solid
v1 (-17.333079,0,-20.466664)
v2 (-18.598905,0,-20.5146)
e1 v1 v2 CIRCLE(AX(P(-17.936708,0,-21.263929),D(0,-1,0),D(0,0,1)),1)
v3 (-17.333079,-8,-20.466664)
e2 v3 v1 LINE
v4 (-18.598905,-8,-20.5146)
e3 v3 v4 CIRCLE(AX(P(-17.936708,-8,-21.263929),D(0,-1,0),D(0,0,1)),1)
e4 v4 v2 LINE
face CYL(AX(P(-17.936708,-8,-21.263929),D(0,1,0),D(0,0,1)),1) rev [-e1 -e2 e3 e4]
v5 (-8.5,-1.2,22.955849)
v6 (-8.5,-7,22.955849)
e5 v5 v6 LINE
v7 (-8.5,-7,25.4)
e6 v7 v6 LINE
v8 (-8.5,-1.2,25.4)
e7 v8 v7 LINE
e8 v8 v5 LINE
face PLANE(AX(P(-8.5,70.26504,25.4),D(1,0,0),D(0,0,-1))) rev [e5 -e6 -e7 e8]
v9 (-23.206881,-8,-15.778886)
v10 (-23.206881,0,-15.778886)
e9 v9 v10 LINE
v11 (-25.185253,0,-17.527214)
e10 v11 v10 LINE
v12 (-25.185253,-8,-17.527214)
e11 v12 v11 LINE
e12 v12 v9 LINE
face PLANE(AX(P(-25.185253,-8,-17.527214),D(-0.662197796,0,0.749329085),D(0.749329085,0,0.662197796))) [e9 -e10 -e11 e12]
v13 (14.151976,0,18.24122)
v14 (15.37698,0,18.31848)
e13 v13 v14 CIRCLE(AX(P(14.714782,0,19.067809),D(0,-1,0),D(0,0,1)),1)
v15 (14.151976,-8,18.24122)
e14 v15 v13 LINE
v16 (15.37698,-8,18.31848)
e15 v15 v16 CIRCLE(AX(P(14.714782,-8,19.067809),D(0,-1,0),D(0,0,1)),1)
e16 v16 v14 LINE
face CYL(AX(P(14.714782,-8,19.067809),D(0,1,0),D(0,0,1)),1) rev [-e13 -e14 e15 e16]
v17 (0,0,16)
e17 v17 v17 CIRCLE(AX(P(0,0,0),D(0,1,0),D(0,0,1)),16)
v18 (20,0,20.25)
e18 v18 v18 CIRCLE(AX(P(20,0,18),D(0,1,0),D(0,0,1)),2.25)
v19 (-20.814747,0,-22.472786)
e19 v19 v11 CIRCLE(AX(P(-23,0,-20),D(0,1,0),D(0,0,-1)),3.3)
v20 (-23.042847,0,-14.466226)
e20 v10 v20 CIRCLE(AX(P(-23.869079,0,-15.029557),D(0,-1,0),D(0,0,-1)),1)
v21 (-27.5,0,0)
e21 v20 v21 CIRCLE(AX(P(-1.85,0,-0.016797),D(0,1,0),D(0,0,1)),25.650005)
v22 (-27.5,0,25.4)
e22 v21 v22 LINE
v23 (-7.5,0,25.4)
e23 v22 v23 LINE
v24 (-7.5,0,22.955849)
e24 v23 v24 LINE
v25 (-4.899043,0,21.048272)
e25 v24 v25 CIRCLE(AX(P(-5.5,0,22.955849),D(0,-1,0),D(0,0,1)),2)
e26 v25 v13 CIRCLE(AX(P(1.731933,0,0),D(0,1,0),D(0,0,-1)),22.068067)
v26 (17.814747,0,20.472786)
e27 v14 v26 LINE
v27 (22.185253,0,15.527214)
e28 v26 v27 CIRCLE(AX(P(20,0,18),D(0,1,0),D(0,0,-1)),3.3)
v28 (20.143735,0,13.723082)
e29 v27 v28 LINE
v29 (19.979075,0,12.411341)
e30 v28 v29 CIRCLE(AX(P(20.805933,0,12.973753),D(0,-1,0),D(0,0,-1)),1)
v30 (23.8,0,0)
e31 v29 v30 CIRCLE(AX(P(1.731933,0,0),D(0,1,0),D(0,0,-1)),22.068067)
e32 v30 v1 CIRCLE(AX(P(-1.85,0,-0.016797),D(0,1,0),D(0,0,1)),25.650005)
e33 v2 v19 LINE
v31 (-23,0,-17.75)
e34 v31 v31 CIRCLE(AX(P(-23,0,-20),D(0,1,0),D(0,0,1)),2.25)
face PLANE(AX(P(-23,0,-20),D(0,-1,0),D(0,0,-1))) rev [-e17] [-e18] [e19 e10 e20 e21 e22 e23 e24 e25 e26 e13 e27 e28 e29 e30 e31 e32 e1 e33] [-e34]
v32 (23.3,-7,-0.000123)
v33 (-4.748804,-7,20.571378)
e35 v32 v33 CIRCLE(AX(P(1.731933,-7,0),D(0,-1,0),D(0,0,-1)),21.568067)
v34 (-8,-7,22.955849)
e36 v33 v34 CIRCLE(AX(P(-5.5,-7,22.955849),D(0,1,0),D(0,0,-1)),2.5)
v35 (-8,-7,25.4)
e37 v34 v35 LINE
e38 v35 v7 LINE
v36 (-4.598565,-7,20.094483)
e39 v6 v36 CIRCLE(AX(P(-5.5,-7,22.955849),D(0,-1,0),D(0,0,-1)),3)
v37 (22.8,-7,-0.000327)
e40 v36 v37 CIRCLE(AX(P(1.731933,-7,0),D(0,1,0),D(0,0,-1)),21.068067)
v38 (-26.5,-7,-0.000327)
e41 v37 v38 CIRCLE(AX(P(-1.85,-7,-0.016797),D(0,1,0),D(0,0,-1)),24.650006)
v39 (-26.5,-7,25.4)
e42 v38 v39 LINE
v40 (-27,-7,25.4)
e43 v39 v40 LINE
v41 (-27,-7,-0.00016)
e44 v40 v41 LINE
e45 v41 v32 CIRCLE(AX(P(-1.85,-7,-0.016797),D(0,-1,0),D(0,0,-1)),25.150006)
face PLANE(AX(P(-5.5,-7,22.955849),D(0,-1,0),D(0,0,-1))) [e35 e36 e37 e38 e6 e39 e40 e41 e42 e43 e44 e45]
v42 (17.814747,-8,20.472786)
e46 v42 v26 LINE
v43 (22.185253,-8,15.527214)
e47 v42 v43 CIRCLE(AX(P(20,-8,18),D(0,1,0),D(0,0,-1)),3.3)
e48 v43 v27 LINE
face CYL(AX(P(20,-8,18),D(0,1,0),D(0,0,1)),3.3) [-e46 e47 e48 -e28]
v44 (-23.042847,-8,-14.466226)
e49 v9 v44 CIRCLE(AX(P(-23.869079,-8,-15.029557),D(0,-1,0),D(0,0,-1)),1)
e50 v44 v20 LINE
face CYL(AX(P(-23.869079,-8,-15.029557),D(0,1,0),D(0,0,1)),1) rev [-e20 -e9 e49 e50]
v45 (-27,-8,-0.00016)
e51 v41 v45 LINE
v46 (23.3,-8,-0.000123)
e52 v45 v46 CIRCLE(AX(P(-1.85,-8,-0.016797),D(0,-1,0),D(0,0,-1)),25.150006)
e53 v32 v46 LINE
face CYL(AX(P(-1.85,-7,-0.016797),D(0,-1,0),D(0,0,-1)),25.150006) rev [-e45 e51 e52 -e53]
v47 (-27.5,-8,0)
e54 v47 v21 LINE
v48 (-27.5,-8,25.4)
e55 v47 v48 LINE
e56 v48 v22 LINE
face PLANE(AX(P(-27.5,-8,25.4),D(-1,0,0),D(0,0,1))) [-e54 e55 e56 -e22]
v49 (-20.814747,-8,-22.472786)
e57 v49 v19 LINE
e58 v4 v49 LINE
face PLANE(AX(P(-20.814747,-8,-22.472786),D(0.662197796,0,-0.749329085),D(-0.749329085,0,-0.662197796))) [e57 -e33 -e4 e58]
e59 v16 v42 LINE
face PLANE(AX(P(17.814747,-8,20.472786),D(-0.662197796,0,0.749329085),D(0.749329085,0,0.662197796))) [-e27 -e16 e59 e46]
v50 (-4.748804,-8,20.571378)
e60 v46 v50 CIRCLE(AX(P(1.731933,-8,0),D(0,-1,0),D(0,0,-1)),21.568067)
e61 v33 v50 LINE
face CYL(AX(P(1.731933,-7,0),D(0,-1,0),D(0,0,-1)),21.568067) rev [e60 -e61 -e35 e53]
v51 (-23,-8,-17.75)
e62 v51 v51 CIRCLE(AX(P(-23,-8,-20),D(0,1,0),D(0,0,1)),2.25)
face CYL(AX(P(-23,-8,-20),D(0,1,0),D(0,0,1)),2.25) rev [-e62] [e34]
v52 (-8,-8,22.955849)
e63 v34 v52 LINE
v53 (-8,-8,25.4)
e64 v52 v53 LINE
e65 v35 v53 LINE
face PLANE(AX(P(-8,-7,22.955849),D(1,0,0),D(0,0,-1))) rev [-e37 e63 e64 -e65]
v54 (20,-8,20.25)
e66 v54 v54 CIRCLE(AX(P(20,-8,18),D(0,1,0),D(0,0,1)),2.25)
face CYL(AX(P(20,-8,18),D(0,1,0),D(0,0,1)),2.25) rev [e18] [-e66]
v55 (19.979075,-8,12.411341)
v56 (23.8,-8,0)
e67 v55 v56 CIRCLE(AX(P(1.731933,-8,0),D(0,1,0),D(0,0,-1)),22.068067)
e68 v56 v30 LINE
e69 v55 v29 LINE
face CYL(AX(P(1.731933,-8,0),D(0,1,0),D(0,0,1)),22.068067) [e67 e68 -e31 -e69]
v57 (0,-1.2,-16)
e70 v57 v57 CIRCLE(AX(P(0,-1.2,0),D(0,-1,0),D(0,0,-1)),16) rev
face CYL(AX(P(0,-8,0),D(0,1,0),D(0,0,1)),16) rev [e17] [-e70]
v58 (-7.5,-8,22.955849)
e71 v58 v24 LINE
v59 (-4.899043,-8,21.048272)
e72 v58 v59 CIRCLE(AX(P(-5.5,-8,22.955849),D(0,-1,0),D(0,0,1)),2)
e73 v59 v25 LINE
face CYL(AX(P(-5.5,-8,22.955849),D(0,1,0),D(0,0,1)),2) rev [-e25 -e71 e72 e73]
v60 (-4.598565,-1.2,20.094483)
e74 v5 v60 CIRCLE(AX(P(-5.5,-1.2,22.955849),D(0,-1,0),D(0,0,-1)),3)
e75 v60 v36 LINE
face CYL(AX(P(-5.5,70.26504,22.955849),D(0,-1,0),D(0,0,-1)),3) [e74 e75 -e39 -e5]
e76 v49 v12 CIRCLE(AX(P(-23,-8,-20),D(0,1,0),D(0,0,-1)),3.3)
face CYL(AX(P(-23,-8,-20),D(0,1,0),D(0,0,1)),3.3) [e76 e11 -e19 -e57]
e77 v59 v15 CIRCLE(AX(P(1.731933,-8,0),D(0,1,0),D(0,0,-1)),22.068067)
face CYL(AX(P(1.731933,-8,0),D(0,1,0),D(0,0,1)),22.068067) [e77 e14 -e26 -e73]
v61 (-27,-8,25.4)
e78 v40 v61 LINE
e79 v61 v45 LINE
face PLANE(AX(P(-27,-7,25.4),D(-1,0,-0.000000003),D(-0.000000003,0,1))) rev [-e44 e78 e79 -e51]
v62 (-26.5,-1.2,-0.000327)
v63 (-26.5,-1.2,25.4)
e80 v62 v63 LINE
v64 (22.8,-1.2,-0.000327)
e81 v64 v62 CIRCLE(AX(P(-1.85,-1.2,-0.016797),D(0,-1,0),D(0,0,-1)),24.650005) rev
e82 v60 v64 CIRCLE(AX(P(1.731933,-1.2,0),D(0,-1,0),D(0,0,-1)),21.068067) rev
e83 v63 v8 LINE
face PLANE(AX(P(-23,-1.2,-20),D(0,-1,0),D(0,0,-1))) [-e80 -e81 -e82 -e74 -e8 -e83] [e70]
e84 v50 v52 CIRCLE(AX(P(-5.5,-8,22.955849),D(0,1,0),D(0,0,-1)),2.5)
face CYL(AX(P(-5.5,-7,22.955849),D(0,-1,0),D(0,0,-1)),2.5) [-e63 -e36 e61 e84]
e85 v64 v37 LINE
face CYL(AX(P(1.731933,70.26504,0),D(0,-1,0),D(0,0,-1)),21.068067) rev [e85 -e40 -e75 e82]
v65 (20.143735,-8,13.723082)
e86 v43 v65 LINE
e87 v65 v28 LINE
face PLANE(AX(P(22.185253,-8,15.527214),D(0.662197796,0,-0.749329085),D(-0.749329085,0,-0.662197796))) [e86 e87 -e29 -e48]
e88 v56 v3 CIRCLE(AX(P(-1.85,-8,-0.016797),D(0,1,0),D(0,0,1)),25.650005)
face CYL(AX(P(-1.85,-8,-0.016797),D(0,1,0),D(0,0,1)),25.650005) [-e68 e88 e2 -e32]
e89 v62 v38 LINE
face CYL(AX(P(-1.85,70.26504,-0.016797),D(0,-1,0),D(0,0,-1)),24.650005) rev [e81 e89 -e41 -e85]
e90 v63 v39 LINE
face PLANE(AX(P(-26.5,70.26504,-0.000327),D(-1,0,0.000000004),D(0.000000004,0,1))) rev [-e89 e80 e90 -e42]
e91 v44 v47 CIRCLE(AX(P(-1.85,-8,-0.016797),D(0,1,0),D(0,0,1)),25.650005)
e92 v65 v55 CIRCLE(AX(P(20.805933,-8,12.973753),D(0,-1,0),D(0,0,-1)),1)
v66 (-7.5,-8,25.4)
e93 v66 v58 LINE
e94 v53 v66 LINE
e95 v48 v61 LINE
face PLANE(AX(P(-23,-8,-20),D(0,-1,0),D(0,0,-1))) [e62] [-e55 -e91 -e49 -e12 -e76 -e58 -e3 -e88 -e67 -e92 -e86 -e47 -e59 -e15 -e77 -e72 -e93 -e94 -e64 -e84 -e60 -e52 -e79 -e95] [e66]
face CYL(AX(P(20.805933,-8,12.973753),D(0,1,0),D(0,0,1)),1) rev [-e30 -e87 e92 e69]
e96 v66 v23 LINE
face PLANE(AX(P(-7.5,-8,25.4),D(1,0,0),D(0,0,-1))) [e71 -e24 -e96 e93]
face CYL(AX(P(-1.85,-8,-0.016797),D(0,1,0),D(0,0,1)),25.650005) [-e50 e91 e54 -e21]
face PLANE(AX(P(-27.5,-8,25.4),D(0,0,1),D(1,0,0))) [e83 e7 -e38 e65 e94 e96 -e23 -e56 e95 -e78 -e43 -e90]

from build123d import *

# Parameters (mm, degrees)
SKETCH_1_R          = 16
SKETCH_1_R_2        = 2.25
EXTRUDE_1_DEPTH     = 8
CUT_EXTRUDE_1_DEPTH = 6.8
CUT_EXTRUDE_8_DEPTH = 1


with BuildPart() as part:
    # Эскиз1 → Бобышка-Вытянуть1 (new body)
    with BuildSketch(Plane(origin=(0, 0, 0), x_dir=(1, 0, 0), z_dir=(0, 1, 0))):
        with BuildLine():
            Line((-27.5, -25.4), (-7.5, -25.4))
            Line((-7.5, -25.4), (-7.5, -22.955849111))
            ThreePointArc((-7.5, -22.955849111), (-6.68281162, -21.343100938), (-4.899043329, -21.048271831))
            ThreePointArc((-4.899043329, -21.048271831), (4.948796089, -21.832347138), (14.151976117, -18.241220202))
            ThreePointArc((14.151976117, -18.241220202), (14.777726241, -18.069792078), (15.376980036, -18.318480053))
            Line((15.376980036, -18.318480053), (17.814747272, -20.472785982))
            ThreePointArc((17.814747272, -20.472785982), (22.472785982, -20.185252728), (22.185252728, -15.527214018))
            Line((22.185252728, -15.527214018), (20.143734708, -13.723081814))
            ThreePointArc((20.143734708, -13.723081814), (19.813719174, -13.098302749), (19.979075206, -12.411340949))
            ThreePointArc((19.979075206, -12.411340949), (22.823148445, -6.493089604), (23.8, 0))
            ThreePointArc((23.8, 0), (9.576401492, 22.98111988), (-17.333078903, 20.466663618))
            ThreePointArc((-17.333078903, 20.466663618), (-17.974550182, 20.264645495), (-18.598905377, 20.514600122))
            Line((-18.598905377, 20.514600122), (-20.814747272, 22.472785982))
            ThreePointArc((-20.814747272, 22.472785982), (-25.472785982, 22.185252728), (-25.185252728, 17.527214018))
            Line((-25.185252728, 17.527214018), (-23.20688118, 15.778885673))
            ThreePointArc((-23.20688118, 15.778885673), (-22.876796583, 15.153555184), (-23.04284729, 14.466226133))
            ThreePointArc((-23.04284729, 14.466226133), (-26.362874376, 7.569397218), (-27.5, 0))
            Line((-27.5, 0), (-27.5, -25.4))
        make_face()
        Circle(SKETCH_1_R, mode=Mode.SUBTRACT)
        with Locations((-23, 20)):
            Circle(SKETCH_1_R_2, mode=Mode.SUBTRACT)
        with Locations((20, -18)):
            Circle(SKETCH_1_R_2, mode=Mode.SUBTRACT)
    extrude(amount=-EXTRUDE_1_DEPTH)

    # Эскиз2 → Вырез-Вытянуть1 (cut)
    with BuildSketch(Plane(origin=(0, -8, 0), x_dir=(-1, 0, 0), z_dir=(0, -1, 0))):
        with BuildLine():
            Line((8.5, -25.4), (8.5, -22.955849111))
            ThreePointArc((8.5, -22.955849111), (7.274217431, -20.536726851), (4.598564994, -20.094483191))
            ThreePointArc((4.598564994, -20.094483191), (-4.803026036, -20.843028639), (-13.589169994, -17.414631267))
            ThreePointArc((-13.589169994, -17.414631267), (-16.632858543, -14.893819788), (-19.152217909, -11.84892917))
            ThreePointArc((-19.152217909, -11.84892917), (-21.867461922, -6.198703298), (-22.799999997, 0.000326884))
            ThreePointArc((-22.799999997, 0.000326884), (-9.131074658, 22.085751778), (16.729450225, 19.669398029))
            ThreePointArc((16.729450225, 19.669398029), (19.707335368, 17.009099388), (22.216615604, 13.902895678))
            ThreePointArc((22.216615604, 13.902895678), (25.407255273, 7.274792502), (26.500000107, 0.000327424))
            Line((26.500000107, 0.000327424), (26.5, -25.4))
            Line((26.5, -25.4), (8.5, -25.4))
        make_face()
    extrude(amount=-CUT_EXTRUDE_1_DEPTH, mode=Mode.SUBTRACT)

    # Эскиз11 → Вырез-Вытянуть8 (cut)
    with BuildSketch(Plane.XZ.offset(8)):
        with BuildLine():
            Line((-8.5, 22.955849111), (-8.5, 25.4))
            Line((-8.5, 25.4), (-8, 25.4))
            Line((-8, 25.4), (-8, 22.955849111))
            ThreePointArc((-8, 22.955849111), (-6.978514526, 20.939913894), (-4.748804162, 20.571377511))
            ThreePointArc((-4.748804162, 20.571377511), (14.487462515, 17.39189423), (23.3, -0.000122694))
            ThreePointArc((23.3, -0.000122694), (-1.849981151, -25.16680236), (-26.999999983, -0.000160392))
            Line((-26.999999983, -0.000160392), (-27.000000053, 25.4))
            Line((-27.000000053, 25.4), (-26.500000054, 25.4))
            Line((-26.500000054, 25.4), (-26.500000053, -0.000327424))
            ThreePointArc((-26.500000053, -0.000327424), (-1.849999809, -24.666802429), (22.799999998, -0.000327043))
            ThreePointArc((22.799999998, -0.000327043), (14.191842001, 16.98864676), (-4.598564994, 20.094483191))
            ThreePointArc((-4.598564994, 20.094483191), (-7.274217431, 20.536726851), (-8.5, 22.955849111))
        make_face()
    extrude(amount=-CUT_EXTRUDE_8_DEPTH, mode=Mode.SUBTRACT)


solid = part.part
